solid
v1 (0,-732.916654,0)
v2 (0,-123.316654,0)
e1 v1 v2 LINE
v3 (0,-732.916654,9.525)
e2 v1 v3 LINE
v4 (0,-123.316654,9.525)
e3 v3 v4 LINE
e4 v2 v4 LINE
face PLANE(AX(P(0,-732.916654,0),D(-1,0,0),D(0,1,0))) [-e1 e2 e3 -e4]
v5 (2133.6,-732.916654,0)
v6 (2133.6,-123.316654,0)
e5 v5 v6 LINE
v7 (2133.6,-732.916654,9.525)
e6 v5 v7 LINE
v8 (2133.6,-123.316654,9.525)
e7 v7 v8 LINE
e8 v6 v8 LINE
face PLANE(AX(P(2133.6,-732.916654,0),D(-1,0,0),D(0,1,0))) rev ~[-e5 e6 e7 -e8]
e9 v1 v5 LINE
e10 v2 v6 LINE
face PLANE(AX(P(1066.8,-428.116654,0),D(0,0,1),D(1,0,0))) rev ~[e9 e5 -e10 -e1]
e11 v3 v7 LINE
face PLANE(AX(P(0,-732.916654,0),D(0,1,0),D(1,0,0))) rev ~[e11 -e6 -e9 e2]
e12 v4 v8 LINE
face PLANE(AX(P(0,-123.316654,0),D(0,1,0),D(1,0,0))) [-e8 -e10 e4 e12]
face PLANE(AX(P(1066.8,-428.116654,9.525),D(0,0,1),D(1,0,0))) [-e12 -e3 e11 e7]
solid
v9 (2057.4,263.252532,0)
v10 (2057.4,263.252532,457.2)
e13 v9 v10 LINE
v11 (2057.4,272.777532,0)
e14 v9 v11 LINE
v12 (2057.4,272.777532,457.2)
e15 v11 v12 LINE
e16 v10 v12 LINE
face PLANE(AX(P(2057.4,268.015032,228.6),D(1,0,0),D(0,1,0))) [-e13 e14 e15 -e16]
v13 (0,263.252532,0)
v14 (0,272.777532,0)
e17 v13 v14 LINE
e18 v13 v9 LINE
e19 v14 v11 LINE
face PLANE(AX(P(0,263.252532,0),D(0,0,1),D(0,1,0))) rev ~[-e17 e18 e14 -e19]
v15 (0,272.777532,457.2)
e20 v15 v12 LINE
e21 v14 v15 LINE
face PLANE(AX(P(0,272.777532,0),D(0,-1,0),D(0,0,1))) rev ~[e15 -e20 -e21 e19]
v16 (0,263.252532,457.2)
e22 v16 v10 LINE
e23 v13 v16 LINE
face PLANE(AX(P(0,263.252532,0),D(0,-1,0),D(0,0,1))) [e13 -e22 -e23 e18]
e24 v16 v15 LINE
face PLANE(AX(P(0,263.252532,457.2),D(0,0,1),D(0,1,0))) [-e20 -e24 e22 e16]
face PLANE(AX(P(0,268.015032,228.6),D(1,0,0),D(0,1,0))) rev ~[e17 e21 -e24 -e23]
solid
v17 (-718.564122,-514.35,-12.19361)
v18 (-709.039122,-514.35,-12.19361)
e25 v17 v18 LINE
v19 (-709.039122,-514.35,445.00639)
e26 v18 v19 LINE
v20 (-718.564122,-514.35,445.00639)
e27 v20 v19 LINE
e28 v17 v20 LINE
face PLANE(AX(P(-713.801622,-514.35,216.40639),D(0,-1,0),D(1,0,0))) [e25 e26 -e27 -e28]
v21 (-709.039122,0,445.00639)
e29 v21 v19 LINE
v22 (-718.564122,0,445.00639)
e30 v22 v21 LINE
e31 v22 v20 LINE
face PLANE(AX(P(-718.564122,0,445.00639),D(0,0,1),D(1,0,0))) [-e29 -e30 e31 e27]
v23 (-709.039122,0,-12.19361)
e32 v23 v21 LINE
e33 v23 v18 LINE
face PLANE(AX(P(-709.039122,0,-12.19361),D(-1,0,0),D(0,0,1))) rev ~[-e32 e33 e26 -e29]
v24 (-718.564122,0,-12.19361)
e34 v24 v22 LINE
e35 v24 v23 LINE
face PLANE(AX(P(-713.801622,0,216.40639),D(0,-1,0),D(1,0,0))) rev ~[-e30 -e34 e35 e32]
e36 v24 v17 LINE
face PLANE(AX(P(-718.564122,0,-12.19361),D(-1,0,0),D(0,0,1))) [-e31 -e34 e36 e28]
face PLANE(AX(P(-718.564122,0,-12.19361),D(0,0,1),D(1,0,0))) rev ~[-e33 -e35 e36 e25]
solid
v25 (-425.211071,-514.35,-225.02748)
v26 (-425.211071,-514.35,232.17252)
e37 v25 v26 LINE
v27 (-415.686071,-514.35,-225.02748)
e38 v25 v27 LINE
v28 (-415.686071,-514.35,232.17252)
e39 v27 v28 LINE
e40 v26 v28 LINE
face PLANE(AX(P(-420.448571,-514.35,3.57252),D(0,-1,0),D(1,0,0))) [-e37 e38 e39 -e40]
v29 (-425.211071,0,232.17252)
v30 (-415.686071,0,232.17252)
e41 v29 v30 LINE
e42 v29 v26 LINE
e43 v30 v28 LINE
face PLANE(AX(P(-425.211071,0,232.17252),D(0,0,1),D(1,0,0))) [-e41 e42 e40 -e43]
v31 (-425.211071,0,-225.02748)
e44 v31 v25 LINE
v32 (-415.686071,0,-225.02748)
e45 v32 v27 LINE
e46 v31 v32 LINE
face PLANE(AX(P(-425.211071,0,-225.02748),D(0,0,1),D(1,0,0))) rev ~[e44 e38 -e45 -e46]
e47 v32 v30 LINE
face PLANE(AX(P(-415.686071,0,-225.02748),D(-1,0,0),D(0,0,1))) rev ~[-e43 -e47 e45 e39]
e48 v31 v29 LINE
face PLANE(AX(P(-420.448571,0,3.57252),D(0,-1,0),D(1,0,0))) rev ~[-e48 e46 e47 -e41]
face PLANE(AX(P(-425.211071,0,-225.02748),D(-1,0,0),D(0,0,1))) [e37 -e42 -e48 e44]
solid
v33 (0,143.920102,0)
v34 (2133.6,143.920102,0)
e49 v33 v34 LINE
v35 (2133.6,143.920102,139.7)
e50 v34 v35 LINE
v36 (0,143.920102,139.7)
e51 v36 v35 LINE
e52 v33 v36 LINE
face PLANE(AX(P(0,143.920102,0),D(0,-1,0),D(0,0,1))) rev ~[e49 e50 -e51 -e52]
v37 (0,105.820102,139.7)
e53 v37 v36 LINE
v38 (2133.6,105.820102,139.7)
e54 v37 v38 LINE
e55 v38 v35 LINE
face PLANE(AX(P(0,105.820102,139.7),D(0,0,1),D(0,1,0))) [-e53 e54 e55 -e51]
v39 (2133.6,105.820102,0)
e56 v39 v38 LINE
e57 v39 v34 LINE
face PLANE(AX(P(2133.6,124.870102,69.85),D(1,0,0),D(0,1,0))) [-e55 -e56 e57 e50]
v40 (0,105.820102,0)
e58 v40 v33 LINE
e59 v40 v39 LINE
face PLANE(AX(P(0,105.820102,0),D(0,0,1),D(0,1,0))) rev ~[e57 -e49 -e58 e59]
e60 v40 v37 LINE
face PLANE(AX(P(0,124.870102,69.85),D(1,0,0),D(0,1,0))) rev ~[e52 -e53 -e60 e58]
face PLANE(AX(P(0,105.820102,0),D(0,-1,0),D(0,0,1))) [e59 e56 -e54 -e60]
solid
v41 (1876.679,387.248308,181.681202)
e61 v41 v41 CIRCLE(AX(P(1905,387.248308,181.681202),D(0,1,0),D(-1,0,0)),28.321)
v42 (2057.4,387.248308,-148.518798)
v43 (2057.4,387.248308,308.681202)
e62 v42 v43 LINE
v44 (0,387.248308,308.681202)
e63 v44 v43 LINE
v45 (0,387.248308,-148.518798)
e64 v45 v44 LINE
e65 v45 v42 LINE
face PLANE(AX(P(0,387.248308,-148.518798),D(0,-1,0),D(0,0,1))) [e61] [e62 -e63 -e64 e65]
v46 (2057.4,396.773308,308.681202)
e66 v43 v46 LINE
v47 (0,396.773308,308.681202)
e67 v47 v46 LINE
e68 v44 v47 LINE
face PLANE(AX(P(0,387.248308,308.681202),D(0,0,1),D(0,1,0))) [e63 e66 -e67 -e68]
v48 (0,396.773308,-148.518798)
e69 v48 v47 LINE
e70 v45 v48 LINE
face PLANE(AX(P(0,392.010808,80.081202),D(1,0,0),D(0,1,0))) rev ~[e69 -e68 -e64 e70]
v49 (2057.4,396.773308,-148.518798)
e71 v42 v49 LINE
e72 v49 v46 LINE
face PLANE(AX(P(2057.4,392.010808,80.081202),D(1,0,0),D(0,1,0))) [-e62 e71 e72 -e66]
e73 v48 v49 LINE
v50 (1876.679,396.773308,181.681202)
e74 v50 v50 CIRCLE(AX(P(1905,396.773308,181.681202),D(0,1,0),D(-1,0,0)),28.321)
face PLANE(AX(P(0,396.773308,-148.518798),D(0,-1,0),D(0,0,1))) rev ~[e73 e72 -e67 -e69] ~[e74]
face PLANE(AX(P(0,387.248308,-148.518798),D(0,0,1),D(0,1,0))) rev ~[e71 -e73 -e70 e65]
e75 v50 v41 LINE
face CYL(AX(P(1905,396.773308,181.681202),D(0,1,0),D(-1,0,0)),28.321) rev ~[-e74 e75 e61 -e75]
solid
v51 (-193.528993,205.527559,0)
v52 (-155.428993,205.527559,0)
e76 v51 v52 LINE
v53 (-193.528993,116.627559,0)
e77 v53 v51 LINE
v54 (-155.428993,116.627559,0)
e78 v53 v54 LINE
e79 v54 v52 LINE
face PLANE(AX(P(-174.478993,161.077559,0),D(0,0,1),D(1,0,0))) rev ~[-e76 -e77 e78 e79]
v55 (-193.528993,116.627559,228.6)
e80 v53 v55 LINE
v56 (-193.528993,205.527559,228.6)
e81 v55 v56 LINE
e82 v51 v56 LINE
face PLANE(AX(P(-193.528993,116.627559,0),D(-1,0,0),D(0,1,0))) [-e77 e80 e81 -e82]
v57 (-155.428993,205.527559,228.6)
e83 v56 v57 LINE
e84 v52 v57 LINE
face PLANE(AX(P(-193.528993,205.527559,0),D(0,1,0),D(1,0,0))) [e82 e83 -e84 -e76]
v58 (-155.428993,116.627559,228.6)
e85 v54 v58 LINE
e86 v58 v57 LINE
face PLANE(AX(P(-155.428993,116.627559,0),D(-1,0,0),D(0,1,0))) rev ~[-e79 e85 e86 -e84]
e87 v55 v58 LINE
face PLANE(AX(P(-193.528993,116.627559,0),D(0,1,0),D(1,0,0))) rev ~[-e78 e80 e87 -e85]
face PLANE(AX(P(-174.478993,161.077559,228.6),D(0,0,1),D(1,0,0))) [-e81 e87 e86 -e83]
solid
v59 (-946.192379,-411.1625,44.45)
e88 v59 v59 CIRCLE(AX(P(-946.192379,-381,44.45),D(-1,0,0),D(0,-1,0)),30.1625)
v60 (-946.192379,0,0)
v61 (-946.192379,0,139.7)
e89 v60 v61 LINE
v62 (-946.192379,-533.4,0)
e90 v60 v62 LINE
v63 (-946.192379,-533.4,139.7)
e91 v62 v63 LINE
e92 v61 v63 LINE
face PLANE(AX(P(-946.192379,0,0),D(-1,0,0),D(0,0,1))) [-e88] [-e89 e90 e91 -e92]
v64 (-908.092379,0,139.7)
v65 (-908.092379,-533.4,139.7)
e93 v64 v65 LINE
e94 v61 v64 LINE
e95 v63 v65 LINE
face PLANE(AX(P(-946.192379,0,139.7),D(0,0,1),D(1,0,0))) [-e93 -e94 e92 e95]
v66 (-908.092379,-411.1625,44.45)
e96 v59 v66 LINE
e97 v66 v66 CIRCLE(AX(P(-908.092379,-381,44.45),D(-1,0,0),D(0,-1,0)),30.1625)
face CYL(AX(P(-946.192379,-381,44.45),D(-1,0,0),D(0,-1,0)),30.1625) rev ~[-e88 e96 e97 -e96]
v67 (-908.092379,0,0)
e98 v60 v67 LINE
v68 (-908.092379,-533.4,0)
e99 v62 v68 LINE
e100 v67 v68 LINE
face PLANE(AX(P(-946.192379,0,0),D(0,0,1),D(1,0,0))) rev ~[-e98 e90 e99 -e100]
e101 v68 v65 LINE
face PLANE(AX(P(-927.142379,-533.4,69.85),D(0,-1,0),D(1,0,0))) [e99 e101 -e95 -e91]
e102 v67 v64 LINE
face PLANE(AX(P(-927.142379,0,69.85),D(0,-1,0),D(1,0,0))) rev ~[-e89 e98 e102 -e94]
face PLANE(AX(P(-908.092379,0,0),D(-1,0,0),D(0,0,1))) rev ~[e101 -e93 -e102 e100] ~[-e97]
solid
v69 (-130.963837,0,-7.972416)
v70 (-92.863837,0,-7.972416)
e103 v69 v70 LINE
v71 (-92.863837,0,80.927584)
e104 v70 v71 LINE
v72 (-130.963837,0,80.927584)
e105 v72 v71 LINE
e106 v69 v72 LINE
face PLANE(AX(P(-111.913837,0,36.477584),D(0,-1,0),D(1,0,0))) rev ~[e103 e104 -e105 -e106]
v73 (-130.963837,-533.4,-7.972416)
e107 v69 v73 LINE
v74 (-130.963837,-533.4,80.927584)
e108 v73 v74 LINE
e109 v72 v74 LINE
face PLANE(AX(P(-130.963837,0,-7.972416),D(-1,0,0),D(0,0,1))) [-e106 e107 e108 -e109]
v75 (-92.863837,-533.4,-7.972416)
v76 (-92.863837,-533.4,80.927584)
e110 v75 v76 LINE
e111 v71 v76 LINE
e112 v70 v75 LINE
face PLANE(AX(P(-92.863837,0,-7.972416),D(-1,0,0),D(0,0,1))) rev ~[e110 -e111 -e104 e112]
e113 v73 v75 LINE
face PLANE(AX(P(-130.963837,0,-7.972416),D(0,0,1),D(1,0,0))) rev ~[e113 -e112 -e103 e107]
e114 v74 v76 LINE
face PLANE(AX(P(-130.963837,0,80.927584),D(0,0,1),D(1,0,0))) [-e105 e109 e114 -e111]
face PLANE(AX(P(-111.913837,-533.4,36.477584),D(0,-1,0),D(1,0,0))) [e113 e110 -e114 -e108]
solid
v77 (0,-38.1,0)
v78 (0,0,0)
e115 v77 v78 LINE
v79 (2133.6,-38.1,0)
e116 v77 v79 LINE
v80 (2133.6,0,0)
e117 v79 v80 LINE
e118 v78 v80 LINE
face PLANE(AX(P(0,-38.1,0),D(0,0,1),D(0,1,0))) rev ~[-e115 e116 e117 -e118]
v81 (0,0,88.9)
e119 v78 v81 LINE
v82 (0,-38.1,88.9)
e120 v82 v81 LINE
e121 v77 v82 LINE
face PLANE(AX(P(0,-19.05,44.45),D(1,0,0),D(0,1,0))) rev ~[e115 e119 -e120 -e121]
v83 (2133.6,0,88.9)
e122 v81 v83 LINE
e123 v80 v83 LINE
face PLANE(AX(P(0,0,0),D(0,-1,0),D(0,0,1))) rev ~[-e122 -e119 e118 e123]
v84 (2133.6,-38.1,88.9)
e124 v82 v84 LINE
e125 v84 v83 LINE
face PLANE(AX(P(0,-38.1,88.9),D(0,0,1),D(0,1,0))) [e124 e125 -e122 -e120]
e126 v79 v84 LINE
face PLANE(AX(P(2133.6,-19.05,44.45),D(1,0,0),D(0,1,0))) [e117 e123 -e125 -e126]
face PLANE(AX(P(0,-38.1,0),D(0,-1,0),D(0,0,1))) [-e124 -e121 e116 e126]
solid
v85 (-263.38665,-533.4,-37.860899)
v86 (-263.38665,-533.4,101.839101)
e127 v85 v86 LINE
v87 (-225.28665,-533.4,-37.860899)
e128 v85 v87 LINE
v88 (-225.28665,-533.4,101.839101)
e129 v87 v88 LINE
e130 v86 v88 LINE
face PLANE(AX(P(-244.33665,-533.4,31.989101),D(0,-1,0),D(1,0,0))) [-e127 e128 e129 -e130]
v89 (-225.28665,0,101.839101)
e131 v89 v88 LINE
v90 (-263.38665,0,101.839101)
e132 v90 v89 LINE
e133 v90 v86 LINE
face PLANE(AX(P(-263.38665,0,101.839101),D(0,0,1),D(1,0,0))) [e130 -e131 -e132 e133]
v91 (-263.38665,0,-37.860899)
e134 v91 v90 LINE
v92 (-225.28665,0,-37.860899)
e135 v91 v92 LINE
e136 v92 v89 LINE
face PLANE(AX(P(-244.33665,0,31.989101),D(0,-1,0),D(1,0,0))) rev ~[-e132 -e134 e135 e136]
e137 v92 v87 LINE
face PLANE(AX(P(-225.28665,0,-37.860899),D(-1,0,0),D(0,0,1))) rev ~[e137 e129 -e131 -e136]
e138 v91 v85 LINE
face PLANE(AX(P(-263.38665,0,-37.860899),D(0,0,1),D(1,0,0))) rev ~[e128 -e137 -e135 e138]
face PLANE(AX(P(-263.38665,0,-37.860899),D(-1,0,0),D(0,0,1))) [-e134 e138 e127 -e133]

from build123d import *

# Parameters (mm, degrees)
F0_W      = 38.1
F0_H      = 88.9
F1_DEPTH  = 2133.6
F2_W      = 38.1
F2_H      = 88.9
F3_DEPTH  = 533.4
F4_W      = 38.1
F4_H      = 139.7
F5_DEPTH  = 2133.6
F6_W      = 38.1
F6_H      = 139.7
F7_DEPTH  = 533.4
F8_W      = 38.1
F8_H      = 88.9
F9_DEPTH  = 228.6
F10_W     = 2133.6
F10_H     = 609.6
F11_DEPTH = 9.525
F12_W     = 9.525
F12_H     = 457.2
F13_DEPTH = 2057.4
F14_W     = 9.525
F14_H     = 457.2
F15_DEPTH = 2057.4
F16_W     = 9.525
F16_H     = 457.2
F17_DEPTH = 514.35
F18_W     = 9.525
F18_H     = 457.2
F19_DEPTH = 514.35
F20_R     = 28.321
F21_DEPTH = 25.4
F22_W     = 38.1
F22_H     = 139.7
F23_DEPTH = 533.4
F24_R     = 30.1625
F25_DEPTH = 38.1


with BuildPart() as f1:
    # F0 (on Right) → F1 (new body)
    with BuildSketch(Plane.YZ):
        with Locations((-19.05, 44.45)):
            Rectangle(F0_W, F0_H)
    extrude(amount=F1_DEPTH)


with BuildPart() as f3:
    # F2 (on Front) → F3 (new body)
    with BuildSketch(Plane.XZ):
        with Locations((-111.913837, 36.477584)):
            Rectangle(F2_W, F2_H)
    extrude(amount=F3_DEPTH)


with BuildPart() as f5:
    # F4 (on Right) → F5 (new body)
    with BuildSketch(Plane.YZ):
        with Locations((124.870102, 69.85)):
            Rectangle(F4_W, F4_H)
    extrude(amount=F5_DEPTH)


with BuildPart() as f7:
    # F6 (on Front) → F7 (new body)
    with BuildSketch(Plane.XZ):
        with Locations((-244.33665, 31.989101)):
            Rectangle(F6_W, F6_H)
    extrude(amount=F7_DEPTH)


with BuildPart() as f9:
    # F8 (on Top) → F9 (new body)
    with BuildSketch(Plane.XY):
        with Locations((-174.478993, 161.077559)):
            Rectangle(F8_W, F8_H)
    extrude(amount=F9_DEPTH)


with BuildPart() as f11:
    # F10 (on Top) → F11 (new body)
    with BuildSketch(Plane.XY):
        with Locations((1066.8, -428.116654)):
            Rectangle(F10_W, F10_H)
    extrude(amount=F11_DEPTH)


with BuildPart() as f13:
    # F12 (on Right) → F13 (new body)
    with BuildSketch(Plane.YZ):
        with Locations((268.015032, 228.6)):
            Rectangle(F12_W, F12_H)
    extrude(amount=F13_DEPTH)


with BuildPart() as f15:
    # F14 (on Right) → F15 (new body)
    with BuildSketch(Plane.YZ):
        with Locations((392.010808, 80.081202)):
            Rectangle(F14_W, F14_H)
    extrude(amount=F15_DEPTH)

    # F20 (on face) → F21 (cut)
    with BuildSketch(Plane(origin=(0, 396.773308, 0), x_dir=(-1, 0, 0), z_dir=(0, 1, 0))):
        with Locations((-1905, 181.681202)):
            Circle(F20_R)
    extrude(amount=-F21_DEPTH, mode=Mode.SUBTRACT)


with BuildPart() as f17:
    # F16 (on Front) → F17 (new body)
    with BuildSketch(Plane.XZ):
        with Locations((-420.448571, 3.57252)):
            Rectangle(F16_W, F16_H)
    extrude(amount=F17_DEPTH)


with BuildPart() as f19:
    # F18 (on Front) → F19 (new body)
    with BuildSketch(Plane.XZ):
        with Locations((-713.801622, 216.40639)):
            Rectangle(F18_W, F18_H)
    extrude(amount=F19_DEPTH)


with BuildPart() as f23:
    # F22 (on Front) → F23 (new body)
    with BuildSketch(Plane.XZ):
        with Locations((-927.142379, 69.85)):
            Rectangle(F22_W, F22_H)
    extrude(amount=F23_DEPTH)

    # F24 (on face) → F25 (cut)
    with BuildSketch(Plane(origin=(-946.192379, 0, 0), x_dir=(0, -1, 0), z_dir=(-1, 0, 0))):
        with Locations((381, 44.45)):
            Circle(F24_R)
    extrude(amount=-F25_DEPTH, mode=Mode.SUBTRACT)


solid = Compound([f1.part, f3.part, f5.part, f7.part, f9.part, f11.part, f13.part, f15.part, f17.part, f19.part, f23.part])
